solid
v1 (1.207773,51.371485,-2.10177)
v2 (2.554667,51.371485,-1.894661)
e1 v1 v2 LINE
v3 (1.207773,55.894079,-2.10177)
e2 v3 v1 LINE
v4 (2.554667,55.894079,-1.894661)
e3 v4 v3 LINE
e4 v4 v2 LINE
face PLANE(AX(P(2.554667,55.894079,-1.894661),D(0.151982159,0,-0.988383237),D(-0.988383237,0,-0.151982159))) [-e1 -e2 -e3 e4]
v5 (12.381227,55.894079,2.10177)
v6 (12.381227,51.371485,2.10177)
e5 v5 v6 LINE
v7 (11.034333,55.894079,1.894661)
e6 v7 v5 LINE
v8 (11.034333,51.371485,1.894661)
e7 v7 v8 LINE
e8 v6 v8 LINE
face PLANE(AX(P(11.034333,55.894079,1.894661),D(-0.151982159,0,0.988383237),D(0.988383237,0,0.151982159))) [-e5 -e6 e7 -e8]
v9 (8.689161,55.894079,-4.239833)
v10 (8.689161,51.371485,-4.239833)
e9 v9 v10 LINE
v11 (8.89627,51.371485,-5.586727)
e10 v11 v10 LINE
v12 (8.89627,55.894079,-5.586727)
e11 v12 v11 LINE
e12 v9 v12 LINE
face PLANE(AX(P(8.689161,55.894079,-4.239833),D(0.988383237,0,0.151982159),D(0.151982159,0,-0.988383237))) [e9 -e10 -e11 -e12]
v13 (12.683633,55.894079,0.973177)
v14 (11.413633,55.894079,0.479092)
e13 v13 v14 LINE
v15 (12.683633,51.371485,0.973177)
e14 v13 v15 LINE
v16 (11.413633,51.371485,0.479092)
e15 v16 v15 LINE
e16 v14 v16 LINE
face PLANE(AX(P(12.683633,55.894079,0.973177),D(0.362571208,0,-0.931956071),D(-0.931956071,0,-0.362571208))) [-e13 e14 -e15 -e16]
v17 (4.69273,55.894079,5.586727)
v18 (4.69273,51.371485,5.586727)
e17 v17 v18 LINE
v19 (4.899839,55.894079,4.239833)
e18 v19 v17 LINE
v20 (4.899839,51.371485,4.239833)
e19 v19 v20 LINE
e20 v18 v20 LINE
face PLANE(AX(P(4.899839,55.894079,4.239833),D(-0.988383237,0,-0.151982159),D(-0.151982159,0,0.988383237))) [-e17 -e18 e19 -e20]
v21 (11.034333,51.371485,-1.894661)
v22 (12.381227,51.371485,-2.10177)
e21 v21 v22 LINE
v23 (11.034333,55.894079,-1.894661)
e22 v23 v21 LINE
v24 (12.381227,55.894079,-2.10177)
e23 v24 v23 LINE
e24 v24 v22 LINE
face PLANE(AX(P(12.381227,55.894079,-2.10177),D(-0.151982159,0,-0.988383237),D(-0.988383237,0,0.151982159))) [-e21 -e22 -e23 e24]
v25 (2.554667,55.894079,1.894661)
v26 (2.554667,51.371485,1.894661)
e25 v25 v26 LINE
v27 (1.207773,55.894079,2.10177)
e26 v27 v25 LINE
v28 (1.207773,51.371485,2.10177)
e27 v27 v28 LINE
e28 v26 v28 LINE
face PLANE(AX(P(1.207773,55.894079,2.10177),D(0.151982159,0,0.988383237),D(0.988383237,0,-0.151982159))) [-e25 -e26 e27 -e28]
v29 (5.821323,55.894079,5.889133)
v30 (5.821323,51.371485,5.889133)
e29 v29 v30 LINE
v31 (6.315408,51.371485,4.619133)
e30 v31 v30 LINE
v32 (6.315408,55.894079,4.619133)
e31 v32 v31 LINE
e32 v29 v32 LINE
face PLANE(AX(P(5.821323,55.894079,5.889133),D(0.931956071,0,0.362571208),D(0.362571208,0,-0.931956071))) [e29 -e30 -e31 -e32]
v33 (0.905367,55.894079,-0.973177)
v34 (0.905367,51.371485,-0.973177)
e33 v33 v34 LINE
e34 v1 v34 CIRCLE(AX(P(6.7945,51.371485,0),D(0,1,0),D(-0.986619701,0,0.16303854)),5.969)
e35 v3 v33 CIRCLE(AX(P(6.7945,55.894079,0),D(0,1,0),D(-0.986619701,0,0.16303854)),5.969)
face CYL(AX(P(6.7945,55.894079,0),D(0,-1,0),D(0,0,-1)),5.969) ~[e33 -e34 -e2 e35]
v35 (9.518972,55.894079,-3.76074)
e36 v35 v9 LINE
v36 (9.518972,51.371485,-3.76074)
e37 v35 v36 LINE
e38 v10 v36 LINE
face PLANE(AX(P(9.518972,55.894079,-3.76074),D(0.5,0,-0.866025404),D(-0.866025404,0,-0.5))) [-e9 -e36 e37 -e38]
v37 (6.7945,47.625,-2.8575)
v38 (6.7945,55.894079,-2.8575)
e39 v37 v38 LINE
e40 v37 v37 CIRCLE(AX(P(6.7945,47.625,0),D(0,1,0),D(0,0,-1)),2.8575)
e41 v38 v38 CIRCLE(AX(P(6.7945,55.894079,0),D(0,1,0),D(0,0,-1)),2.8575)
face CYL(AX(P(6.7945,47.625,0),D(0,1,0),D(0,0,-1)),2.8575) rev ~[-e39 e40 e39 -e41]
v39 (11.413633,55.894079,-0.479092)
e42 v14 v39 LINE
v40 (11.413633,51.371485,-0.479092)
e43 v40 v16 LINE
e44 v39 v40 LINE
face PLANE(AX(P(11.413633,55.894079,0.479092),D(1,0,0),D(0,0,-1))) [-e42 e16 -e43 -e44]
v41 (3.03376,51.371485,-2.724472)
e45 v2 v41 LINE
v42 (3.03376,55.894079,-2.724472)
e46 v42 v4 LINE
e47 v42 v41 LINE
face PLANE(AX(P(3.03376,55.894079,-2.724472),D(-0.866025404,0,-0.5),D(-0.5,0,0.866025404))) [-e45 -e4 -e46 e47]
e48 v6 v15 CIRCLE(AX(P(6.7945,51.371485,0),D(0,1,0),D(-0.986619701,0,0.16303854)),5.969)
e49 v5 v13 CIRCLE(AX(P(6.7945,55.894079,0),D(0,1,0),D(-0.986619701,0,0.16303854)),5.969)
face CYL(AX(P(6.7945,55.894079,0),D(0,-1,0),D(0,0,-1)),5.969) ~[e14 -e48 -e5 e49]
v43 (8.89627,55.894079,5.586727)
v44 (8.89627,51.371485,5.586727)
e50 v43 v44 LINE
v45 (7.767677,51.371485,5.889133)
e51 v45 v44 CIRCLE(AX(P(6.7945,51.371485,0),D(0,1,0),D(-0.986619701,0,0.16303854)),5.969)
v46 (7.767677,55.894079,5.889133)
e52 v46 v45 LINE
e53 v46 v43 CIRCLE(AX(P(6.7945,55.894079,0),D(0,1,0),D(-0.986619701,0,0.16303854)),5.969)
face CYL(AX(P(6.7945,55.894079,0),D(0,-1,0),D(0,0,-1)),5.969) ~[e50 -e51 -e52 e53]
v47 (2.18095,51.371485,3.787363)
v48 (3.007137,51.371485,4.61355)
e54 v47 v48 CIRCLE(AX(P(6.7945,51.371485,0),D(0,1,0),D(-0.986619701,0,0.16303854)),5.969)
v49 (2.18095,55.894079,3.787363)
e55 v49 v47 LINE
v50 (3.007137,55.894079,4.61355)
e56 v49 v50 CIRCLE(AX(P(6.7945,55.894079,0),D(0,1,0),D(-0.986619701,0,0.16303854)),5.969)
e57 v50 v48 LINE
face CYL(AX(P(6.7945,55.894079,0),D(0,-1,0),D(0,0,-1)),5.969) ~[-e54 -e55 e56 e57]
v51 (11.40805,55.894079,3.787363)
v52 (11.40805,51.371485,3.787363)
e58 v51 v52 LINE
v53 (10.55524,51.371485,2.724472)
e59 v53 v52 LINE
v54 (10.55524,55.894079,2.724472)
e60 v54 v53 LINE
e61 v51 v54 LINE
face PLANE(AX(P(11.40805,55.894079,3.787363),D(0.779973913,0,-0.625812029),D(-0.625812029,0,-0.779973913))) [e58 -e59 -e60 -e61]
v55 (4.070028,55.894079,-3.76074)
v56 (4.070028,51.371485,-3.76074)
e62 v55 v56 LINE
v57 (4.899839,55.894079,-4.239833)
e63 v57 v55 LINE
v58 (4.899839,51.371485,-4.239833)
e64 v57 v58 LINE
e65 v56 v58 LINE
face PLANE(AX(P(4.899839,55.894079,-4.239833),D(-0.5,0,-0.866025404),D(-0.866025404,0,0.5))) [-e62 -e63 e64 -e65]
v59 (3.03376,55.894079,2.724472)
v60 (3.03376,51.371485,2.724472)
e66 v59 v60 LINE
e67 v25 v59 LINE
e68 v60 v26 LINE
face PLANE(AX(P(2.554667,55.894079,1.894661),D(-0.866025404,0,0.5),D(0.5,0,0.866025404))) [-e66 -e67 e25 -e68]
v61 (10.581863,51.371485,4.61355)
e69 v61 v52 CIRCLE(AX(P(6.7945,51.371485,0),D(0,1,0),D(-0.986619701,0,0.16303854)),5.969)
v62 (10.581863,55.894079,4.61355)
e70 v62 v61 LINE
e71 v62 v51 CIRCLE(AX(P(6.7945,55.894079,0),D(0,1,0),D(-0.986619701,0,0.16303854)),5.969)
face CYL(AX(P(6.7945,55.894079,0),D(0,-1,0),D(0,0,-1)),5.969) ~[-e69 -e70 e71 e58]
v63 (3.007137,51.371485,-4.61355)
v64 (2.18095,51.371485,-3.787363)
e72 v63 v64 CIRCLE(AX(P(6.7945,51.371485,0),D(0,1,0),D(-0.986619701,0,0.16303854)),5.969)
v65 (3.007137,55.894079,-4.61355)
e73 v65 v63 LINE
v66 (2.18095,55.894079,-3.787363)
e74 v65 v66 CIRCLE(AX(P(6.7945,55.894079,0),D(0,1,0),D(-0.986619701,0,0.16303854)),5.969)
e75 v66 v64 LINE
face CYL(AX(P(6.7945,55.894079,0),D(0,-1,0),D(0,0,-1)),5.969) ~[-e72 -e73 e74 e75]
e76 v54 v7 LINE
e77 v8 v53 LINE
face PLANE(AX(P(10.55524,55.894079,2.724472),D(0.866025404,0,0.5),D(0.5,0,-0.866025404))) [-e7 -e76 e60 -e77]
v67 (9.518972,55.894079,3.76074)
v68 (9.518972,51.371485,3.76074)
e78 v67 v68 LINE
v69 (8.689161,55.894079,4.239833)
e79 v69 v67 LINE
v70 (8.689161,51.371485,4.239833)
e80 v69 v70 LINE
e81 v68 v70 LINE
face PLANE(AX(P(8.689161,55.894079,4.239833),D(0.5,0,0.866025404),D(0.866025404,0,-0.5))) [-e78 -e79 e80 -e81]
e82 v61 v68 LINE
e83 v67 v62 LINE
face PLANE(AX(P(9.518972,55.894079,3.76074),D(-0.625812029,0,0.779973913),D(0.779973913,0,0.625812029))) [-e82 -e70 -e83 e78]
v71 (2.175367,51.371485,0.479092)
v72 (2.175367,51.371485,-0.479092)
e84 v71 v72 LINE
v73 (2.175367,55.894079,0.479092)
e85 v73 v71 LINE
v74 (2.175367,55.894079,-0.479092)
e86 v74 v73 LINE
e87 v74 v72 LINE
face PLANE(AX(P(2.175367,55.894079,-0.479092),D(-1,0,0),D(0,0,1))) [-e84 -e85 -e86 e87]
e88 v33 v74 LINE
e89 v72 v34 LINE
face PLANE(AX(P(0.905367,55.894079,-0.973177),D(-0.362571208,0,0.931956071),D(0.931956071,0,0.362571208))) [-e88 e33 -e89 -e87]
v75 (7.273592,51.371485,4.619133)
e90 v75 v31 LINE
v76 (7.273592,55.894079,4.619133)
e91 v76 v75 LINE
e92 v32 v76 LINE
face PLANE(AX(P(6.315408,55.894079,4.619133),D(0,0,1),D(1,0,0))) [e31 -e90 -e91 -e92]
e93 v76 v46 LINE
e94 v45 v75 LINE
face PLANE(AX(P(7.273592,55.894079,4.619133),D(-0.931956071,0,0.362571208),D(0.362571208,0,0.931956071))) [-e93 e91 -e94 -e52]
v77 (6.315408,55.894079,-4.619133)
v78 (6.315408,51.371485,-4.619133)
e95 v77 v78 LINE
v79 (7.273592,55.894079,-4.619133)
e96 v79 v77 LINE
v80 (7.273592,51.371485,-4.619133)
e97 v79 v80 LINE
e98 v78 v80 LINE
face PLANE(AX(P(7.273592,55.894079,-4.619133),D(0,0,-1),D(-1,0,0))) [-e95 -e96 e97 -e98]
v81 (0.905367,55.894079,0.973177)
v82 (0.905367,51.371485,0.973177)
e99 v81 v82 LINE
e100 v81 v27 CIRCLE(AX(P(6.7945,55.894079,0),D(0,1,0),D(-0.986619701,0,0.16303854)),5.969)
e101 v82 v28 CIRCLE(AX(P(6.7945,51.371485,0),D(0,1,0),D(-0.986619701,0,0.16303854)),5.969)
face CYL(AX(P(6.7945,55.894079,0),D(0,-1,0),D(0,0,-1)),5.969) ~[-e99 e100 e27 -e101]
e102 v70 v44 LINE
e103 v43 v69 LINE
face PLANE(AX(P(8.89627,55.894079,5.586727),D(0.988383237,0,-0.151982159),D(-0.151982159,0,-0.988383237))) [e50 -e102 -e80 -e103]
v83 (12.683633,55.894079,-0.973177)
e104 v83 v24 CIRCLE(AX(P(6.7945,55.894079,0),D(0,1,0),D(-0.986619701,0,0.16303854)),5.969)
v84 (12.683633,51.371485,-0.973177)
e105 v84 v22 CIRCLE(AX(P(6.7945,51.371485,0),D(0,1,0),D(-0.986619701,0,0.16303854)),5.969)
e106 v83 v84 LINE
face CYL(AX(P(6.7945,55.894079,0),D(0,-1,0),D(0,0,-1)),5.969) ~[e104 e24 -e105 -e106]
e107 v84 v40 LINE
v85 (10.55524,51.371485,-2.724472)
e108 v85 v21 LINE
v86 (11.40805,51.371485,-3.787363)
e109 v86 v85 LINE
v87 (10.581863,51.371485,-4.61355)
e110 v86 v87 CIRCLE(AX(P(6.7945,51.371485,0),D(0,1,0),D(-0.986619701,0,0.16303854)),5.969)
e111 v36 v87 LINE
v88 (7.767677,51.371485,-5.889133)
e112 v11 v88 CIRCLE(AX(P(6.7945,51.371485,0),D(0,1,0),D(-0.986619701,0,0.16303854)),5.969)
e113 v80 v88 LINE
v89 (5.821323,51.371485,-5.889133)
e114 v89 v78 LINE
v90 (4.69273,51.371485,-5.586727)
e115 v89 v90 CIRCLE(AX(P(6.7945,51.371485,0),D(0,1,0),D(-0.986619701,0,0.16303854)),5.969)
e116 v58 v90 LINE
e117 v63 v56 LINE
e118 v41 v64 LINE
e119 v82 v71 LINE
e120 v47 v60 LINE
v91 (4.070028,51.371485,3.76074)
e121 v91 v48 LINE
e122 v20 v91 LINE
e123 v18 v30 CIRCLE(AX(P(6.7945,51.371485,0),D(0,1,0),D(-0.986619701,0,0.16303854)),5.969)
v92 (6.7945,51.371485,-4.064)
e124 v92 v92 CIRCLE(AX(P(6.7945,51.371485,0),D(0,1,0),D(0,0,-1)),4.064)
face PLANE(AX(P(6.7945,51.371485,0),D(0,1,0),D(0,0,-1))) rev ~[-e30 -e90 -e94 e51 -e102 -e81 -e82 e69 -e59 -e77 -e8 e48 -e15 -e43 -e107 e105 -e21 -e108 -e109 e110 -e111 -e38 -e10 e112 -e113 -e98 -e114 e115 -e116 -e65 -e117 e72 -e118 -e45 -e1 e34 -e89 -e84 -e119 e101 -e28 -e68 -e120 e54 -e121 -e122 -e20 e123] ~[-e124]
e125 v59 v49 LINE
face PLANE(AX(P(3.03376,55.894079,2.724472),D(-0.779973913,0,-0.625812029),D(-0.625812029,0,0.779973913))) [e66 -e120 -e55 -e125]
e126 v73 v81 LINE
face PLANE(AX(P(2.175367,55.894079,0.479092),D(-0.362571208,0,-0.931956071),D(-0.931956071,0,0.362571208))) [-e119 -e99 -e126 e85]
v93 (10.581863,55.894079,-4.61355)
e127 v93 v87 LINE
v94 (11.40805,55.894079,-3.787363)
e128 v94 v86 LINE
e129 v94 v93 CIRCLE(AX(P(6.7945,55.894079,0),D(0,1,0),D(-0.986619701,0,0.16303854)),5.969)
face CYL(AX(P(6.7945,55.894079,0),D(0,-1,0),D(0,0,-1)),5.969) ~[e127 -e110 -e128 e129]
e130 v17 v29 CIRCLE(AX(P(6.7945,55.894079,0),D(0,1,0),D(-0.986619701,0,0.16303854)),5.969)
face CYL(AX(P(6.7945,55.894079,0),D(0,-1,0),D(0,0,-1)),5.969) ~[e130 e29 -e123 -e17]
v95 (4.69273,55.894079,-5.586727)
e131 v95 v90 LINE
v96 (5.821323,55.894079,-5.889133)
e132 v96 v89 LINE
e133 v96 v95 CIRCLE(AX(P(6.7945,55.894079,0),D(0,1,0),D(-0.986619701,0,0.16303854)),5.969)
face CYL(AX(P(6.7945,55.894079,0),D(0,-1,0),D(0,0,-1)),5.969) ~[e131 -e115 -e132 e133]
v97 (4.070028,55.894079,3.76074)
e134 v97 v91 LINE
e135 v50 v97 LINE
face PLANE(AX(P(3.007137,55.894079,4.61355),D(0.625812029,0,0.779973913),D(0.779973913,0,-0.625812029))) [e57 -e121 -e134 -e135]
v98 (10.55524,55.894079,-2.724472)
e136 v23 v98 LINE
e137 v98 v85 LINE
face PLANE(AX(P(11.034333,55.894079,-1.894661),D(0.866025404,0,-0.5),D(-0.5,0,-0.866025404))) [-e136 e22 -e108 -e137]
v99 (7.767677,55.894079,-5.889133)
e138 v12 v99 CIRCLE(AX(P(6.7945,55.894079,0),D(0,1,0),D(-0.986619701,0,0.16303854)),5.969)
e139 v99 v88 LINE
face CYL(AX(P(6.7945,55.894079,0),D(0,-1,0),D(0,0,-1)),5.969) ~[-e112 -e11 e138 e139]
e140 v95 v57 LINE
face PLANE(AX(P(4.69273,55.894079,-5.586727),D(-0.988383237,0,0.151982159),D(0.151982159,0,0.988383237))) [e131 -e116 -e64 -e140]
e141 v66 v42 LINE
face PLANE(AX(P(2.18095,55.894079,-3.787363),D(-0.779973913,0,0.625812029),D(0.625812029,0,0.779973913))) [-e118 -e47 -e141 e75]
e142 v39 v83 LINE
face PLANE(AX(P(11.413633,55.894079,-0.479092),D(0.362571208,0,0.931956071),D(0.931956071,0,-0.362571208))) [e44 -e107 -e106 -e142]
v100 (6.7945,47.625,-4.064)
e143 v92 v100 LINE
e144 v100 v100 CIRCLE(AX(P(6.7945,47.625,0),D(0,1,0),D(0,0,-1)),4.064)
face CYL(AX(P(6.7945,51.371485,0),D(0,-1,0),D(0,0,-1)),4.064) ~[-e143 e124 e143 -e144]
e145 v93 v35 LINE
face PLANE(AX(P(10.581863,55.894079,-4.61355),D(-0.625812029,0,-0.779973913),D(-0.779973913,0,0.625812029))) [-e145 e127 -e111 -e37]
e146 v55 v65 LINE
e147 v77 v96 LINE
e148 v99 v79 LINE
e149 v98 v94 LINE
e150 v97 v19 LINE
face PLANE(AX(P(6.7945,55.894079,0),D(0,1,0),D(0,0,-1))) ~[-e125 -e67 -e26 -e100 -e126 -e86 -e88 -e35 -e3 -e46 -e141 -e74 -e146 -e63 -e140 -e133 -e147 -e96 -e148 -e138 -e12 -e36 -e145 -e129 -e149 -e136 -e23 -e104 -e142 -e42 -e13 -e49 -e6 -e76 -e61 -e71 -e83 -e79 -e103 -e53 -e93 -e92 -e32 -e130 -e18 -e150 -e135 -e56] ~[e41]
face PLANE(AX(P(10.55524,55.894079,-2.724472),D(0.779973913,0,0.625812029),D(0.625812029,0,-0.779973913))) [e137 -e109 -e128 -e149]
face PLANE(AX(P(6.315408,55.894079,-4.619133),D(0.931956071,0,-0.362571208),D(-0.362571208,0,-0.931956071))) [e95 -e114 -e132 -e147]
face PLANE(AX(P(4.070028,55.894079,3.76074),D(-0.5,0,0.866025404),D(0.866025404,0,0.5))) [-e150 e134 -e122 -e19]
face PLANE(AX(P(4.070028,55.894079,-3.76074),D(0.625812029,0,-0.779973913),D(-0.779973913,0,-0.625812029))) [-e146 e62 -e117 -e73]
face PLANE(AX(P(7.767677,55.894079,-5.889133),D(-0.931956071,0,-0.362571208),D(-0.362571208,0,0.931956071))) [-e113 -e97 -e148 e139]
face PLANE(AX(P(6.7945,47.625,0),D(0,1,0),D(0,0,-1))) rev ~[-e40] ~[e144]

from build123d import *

# Parameters (mm, degrees)
CUT_EXTRUDE2_REACH = 19.55
CIRPATTERN1_COUNT  = 12


with BuildPart() as part:
    # Sketch1 → Revolve1 (revolve)
    with BuildSketch(Plane.XY, mode=Mode.PRIVATE) as revolve1_sk:
        Polygon((3.937, 47.625), (3.937, 55.894079216), (0.8255, 55.894079216), (0.8255, 51.371485268), (2.7305, 51.371485268), (2.7305, 47.625), align=None)
    revolve(revolve1_sk.sketch.rotate(Axis((6.7945, 45.4025, 0), (0, 1, 0)), 270), axis=Axis((6.7945, 45.4025, 0), (0, 1, 0)))

    # Sketch2 → Cut-Extrude2 (cut, up to next)
    with BuildSketch(Plane(origin=(-1.519613368, 55.894079216, 0), x_dir=(-1, 0, 0), z_dir=(0, 1, 0)), mode=Mode.PRIVATE) as cut_extrude2_sk1:
        with BuildLine():
            Line((-3.694980373, 0.479092135), (-2.424980373, 0.973177048))
            ThreePointArc((-2.424980373, 0.973177048), (-2.345113368, 0), (-2.424980373, -0.973177048))
            Line((-2.424980373, -0.973177048), (-3.694980373, -0.479092135))
            Line((-3.694980373, -0.479092135), (-3.694980373, 0.479092135))
        make_face()
    cut_extrude2_tool1 = extrude(cut_extrude2_sk1.sketch, amount=-CUT_EXTRUDE2_REACH, mode=Mode.PRIVATE) & part.part
    cut_extrude2 = cut_extrude2_tool1.solids().sort_by_distance((1.436663, 55.894079, 0))[0]
    add(cut_extrude2, mode=Mode.SUBTRACT)

    # CirPattern1: Cut-Extrude2 ×12 about axis
    cirpattern1_axis = Axis((6.7945, 0, 0), (0, 1, 0))
    for i in range(1, CIRPATTERN1_COUNT):
        add(cut_extrude2.rotate(cirpattern1_axis, i * 360 / CIRPATTERN1_COUNT), mode=Mode.SUBTRACT)


solid = part.part
